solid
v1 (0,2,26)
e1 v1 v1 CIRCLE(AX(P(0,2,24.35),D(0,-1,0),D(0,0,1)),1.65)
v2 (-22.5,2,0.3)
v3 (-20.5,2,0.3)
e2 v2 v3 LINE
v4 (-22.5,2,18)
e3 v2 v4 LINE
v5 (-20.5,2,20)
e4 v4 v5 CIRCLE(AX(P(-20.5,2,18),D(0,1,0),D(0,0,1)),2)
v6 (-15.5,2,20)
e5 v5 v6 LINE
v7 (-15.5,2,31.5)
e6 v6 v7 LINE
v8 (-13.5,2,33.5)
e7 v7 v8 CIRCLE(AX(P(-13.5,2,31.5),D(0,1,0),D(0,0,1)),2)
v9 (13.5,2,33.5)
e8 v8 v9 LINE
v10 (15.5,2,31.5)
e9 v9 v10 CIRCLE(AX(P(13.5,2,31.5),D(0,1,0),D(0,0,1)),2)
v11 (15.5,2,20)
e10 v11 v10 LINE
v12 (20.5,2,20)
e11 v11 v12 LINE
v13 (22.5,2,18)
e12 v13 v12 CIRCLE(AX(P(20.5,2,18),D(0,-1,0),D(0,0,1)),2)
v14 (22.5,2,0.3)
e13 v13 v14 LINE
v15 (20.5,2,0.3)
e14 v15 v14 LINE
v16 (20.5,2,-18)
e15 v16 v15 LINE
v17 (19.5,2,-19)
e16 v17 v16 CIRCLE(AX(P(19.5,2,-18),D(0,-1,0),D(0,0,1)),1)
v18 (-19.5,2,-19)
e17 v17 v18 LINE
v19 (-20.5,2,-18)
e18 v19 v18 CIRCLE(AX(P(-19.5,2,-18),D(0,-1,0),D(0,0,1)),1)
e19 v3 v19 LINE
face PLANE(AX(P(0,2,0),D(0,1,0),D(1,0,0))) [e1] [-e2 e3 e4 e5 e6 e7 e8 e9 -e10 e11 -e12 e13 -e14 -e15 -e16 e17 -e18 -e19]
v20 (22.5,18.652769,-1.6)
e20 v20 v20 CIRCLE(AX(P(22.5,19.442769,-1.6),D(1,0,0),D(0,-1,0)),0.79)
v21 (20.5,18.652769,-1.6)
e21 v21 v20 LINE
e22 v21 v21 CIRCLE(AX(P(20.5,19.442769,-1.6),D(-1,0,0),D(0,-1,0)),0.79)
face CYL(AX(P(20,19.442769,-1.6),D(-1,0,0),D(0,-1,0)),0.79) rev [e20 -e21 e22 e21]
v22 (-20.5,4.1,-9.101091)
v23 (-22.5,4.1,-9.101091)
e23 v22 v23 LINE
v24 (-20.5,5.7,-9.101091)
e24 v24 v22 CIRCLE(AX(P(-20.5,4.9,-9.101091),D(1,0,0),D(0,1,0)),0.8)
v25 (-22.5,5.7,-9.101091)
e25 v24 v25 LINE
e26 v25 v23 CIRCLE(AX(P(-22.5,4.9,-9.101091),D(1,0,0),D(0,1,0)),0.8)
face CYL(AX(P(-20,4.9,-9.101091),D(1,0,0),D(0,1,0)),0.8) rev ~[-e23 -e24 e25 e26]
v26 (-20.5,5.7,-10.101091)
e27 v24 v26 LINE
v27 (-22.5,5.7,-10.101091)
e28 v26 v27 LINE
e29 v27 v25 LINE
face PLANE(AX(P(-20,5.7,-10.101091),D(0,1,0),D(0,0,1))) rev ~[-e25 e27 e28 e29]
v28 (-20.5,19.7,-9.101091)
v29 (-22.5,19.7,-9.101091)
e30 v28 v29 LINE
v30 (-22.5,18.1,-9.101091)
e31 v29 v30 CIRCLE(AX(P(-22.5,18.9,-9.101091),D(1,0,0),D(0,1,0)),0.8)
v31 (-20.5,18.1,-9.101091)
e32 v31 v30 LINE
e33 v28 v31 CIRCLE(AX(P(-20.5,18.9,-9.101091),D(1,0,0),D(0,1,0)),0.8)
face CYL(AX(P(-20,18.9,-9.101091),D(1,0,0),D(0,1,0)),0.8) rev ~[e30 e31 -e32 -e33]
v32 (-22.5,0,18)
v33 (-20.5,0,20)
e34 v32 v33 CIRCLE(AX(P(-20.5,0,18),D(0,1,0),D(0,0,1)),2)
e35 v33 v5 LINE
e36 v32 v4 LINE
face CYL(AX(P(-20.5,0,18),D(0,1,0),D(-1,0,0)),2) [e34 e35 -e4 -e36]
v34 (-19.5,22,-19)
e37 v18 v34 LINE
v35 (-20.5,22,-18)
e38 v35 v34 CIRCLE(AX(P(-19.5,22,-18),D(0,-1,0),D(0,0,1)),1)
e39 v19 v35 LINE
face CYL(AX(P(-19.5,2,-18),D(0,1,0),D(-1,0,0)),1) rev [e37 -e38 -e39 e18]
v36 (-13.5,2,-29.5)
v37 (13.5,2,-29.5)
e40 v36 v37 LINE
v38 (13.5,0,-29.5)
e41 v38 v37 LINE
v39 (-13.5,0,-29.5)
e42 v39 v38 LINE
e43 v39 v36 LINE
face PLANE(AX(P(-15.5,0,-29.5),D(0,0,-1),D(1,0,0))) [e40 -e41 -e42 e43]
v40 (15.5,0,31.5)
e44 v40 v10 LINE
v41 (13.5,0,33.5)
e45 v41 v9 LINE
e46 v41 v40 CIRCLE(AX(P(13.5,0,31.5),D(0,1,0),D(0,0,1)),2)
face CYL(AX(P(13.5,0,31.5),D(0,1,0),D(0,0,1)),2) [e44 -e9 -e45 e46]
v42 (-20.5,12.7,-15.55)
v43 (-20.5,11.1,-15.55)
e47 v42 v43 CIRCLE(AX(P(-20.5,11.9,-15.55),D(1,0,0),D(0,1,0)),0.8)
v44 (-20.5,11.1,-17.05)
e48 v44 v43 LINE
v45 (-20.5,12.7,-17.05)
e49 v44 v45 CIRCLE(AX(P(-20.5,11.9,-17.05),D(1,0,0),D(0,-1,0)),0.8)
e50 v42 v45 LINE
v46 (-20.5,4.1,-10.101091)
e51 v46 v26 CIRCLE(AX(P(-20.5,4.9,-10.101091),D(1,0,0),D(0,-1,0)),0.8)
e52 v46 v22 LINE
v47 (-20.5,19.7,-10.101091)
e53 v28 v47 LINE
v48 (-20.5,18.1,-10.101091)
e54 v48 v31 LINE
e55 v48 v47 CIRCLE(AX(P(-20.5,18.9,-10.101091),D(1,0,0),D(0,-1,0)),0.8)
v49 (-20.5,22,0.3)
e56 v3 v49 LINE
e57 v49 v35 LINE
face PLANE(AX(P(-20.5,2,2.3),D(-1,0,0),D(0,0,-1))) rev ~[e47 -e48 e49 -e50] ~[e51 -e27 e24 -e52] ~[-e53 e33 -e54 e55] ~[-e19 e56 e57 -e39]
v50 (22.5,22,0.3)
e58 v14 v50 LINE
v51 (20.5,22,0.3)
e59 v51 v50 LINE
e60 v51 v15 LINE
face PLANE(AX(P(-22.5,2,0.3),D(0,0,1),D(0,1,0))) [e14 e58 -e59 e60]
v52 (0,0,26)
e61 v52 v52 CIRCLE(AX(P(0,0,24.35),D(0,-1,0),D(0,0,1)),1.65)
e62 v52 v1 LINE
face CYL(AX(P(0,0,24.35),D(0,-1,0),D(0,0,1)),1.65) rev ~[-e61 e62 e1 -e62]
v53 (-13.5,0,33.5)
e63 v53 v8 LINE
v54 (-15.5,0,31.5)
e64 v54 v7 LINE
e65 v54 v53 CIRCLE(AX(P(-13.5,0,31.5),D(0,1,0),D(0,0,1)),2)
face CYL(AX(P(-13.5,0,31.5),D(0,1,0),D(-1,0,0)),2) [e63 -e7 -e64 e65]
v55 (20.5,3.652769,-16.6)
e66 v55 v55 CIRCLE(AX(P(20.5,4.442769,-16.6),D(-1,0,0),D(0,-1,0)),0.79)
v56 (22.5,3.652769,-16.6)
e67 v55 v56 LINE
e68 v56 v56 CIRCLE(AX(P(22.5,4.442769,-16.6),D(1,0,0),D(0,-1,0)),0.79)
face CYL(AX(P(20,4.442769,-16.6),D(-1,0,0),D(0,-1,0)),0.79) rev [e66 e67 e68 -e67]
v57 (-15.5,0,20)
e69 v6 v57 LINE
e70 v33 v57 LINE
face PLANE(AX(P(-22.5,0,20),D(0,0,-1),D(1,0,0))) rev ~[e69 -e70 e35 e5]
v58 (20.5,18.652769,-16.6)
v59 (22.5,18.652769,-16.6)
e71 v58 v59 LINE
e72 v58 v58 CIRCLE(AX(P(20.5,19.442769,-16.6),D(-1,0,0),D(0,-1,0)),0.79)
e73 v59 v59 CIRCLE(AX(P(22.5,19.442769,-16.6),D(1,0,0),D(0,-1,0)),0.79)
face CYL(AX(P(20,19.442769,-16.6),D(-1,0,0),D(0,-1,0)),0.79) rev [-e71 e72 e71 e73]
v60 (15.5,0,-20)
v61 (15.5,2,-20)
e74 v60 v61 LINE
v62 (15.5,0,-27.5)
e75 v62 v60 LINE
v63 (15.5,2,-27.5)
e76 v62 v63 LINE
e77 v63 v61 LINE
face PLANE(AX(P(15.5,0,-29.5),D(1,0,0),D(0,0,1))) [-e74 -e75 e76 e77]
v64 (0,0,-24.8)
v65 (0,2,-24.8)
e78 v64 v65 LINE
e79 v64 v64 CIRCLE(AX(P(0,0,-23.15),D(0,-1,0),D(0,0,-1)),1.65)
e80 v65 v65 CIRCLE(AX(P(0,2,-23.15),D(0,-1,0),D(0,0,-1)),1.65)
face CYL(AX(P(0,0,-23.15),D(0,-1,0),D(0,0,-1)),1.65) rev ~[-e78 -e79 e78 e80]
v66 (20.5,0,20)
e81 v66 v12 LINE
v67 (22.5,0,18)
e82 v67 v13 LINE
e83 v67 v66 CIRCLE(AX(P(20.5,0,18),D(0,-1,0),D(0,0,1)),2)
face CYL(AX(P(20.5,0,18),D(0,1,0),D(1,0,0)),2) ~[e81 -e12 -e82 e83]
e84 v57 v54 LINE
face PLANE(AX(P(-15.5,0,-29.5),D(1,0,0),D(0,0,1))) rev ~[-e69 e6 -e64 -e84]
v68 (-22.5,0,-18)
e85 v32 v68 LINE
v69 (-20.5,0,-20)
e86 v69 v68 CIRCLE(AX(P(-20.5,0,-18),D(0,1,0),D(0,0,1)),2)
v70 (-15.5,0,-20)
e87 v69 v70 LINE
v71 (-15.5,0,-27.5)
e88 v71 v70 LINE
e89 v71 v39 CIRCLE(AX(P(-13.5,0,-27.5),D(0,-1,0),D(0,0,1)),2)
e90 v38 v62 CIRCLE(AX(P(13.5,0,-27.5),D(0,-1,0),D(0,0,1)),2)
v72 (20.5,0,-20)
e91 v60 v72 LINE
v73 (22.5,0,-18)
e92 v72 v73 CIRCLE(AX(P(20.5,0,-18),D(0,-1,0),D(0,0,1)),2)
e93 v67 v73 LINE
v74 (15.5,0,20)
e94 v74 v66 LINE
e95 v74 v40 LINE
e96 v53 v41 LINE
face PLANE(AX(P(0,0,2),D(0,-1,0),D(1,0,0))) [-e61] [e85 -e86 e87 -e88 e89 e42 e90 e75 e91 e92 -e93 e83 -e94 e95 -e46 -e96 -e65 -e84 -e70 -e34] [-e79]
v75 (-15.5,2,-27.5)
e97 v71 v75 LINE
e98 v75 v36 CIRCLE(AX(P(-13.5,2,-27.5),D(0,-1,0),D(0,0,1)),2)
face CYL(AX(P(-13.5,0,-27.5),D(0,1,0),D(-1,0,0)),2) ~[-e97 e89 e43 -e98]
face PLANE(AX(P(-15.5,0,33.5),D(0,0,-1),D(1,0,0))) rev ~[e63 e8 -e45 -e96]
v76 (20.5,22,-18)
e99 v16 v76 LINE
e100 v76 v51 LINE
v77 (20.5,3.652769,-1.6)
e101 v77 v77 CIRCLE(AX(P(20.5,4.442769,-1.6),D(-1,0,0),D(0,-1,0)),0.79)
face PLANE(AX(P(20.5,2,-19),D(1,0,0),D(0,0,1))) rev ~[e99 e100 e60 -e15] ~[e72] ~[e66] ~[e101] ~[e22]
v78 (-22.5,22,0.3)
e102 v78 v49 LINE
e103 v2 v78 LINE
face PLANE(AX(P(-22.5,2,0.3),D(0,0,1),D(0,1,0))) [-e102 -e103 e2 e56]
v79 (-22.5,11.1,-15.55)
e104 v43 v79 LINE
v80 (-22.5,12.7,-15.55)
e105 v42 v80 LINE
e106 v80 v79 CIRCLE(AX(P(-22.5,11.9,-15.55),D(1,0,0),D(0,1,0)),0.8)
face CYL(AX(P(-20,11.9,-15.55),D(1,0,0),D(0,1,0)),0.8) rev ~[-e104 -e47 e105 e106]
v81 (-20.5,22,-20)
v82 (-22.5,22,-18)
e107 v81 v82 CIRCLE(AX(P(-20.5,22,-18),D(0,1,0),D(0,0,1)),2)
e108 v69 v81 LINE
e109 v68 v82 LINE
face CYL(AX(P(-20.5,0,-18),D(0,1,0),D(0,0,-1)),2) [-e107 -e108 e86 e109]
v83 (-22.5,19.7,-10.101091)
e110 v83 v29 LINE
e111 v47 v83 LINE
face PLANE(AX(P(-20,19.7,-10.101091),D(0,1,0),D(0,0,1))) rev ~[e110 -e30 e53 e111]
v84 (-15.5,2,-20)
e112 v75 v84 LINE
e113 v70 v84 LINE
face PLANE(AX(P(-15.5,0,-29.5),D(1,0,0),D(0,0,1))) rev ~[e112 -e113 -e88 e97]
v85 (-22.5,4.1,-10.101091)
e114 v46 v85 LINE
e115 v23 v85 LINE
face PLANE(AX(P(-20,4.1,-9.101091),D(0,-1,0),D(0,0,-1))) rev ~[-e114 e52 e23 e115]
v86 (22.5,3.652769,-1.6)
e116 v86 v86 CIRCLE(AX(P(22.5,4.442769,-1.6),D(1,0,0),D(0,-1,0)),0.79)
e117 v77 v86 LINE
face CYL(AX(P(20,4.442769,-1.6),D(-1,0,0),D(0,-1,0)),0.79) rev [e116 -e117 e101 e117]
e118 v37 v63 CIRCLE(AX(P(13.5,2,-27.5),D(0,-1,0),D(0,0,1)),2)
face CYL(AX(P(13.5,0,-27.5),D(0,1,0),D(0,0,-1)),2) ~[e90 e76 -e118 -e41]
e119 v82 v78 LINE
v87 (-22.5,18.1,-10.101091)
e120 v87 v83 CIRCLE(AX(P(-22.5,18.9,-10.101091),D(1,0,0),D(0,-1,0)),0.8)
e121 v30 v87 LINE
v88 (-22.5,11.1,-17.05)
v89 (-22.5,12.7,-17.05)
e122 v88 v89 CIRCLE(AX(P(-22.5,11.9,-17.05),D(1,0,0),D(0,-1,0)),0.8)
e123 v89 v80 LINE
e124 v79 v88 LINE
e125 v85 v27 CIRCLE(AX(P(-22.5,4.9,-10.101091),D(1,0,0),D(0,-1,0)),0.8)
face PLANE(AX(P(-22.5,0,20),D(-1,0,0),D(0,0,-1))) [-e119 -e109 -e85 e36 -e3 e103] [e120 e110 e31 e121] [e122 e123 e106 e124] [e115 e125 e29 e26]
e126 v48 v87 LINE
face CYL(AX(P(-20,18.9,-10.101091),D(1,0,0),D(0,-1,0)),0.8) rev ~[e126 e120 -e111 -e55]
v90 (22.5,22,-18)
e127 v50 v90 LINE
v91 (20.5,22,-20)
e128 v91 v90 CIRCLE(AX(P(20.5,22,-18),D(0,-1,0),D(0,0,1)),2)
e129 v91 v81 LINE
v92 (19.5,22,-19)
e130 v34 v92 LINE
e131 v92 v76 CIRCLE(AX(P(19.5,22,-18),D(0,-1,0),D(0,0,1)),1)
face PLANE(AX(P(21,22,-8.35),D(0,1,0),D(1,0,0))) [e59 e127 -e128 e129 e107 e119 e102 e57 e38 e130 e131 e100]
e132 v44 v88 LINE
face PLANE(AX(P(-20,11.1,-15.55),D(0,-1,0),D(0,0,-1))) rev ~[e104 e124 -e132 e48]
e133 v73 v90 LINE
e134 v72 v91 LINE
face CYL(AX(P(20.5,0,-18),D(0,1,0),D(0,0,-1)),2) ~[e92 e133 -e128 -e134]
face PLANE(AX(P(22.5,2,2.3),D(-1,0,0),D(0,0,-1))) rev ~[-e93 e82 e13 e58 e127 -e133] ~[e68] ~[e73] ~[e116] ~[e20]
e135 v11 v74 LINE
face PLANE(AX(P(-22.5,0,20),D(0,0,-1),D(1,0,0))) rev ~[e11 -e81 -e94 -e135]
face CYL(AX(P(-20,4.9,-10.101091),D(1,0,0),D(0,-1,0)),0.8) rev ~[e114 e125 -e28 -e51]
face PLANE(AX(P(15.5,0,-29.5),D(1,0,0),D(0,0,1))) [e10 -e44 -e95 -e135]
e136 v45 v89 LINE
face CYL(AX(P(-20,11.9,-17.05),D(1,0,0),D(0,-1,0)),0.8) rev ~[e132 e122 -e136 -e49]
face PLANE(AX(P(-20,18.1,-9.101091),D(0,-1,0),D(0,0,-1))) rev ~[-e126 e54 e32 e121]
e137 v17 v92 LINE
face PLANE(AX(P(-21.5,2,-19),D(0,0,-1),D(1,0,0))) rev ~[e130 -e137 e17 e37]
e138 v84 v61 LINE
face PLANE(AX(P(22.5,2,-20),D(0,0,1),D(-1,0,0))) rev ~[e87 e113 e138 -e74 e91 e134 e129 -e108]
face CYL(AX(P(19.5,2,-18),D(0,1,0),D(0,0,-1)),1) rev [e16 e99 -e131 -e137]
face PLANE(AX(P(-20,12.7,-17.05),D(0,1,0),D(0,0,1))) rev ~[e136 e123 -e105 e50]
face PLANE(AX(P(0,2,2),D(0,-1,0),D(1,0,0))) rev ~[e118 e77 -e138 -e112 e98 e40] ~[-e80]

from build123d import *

# Parameters (mm, degrees)
SKETCH_1_W          = 45
SKETCH_1_H          = 40
EXTRUDE_1_DEPTH     = 2
EXTRUDE_2_DEPTH     = 20
SKETCH_3_W          = 31
SKETCH_3_H          = 63
EXTRUDE_3_DEPTH     = 2
SKETCH_4_R          = 1.65
CUT_EXTRUDE_1_DEPTH = 2
FILLET_2_R          = 2
EXTRUDE_4_DEPTH     = 20
CUT_EXTRUDE_2_DEPTH = 2.5
CUT_EXTRUDE_5_REACH = 62.26
SKETCH_11_W         = 2
SKETCH_11_H         = 20
FILLET_5_R          = 1
CUT_EXTRUDE_6_DEPTH = 2.5


with BuildPart() as part:
    # 草图1 → 凸台-拉伸1 (new body)
    with BuildSketch(Plane(origin=(0, 0, 0), x_dir=(1, 0, 0), z_dir=(0, 1, 0))):
        Rectangle(SKETCH_1_W, SKETCH_1_H)
    extrude(amount=EXTRUDE_1_DEPTH)

    # 草图2 → 凸台-拉伸2 (add)
    with BuildSketch(Plane(origin=(0, 2, 0), x_dir=(1, 0, 0), z_dir=(0, 1, 0))):
        Polygon((21.5, -2.3), (22.5, -2.3), (22.5, 20), (-22.5, 20), (-22.5, -2.3), (-21.5, -2.3), (-21.5, 19), (21.5, 19), align=None)
    extrude(amount=EXTRUDE_2_DEPTH)

    # 草图3 → 凸台-拉伸3 (add)
    with BuildSketch(Plane.XZ):
        with Locations((0, 2)):
            Rectangle(SKETCH_3_W, SKETCH_3_H)
    extrude(amount=-EXTRUDE_3_DEPTH)

    # 草图4 → 切除-拉伸1 (cut)
    with BuildSketch(Plane.XZ):
        with Locations(Location((0, -23.15, 0), (0, 0, 270))):
            Circle(SKETCH_4_R)
        with Locations(Location((0, 24.35, 0), (0, 0, 90))):
            Circle(SKETCH_4_R)
    extrude(amount=-CUT_EXTRUDE_1_DEPTH, mode=Mode.SUBTRACT)

    # 圆角2
    fillet_2_edges = [part.edges().sort_by_distance(p)[0] for p in [
        (-15.5, 1, -29.5),
        (15.5, 1, 33.5),
        (-15.5, 1, 33.5),
        (15.5, 1, -29.5),
        (22.5, 1, 20),
        (-22.5, 1, 20),
        (-22.5, 11, -20),
        (22.5, 11, -20),
    ]]
    fillet(fillet_2_edges, radius=FILLET_2_R)

    # 草图7 → 凸台-拉伸4 (add)
    with BuildSketch(Plane(origin=(0, 2, 0), x_dir=(1, 0, 0), z_dir=(0, 1, 0))):
        Polygon((20.5, 18), (20.5, -2.3), (21.5, -2.3), (21.5, 19), (20.5, 19), align=None)
        Polygon((-21.5, 19), (-21.5, -2.3), (-20.5, -2.3), (-20.5, 18), (-20.5, 19), align=None)
    extrude(amount=EXTRUDE_4_DEPTH)

    # 草图8 → 切除-拉伸2 (cut)
    with BuildSketch(Plane(origin=(20, 1.9, 0.9), x_dir=(0, 1, 0), z_dir=(1, 0, 0))):
        with BuildLine():
            ThreePointArc((18.33276934, -17.5), (17.54276934, -16.71), (16.75276934, -17.5))
            ThreePointArc((16.75276934, -17.5), (17.54276934, -18.29), (18.33276934, -17.5))
        make_face()
        with BuildLine():
            ThreePointArc((3.33276934, -17.5), (2.54276934, -16.71), (1.75276934, -17.5))
            ThreePointArc((1.75276934, -17.5), (2.54276934, -18.29), (3.33276934, -17.5))
        make_face()
        with BuildLine():
            ThreePointArc((3.33276934, -2.5), (2.54276934, -1.71), (1.75276934, -2.5))
            ThreePointArc((1.75276934, -2.5), (2.54276934, -3.29), (3.33276934, -2.5))
        make_face()
        with BuildLine():
            ThreePointArc((18.33276934, -2.5), (17.54276934, -1.71), (16.75276934, -2.5))
            ThreePointArc((16.75276934, -2.5), (17.54276934, -3.29), (18.33276934, -2.5))
        make_face()
    extrude(amount=CUT_EXTRUDE_2_DEPTH, mode=Mode.SUBTRACT)

    # 切除-拉伸5: up to this face of the body (flat: up to its plane)
    cut_extrude_5_end = Plane(part.part.faces().sort_by_distance((22.5, 10.316412164, -6.626998027))[0])
    # 草图11 → 切除-拉伸5 (cut, up to the picked face)
    with BuildSketch(Plane.ZY.offset(22.5), mode=Mode.PRIVATE) as cut_extrude_5_sk1:
        with Locations((1.3, 12)):
            Rectangle(SKETCH_11_W, SKETCH_11_H)
    cut_extrude_5_tool1 = split(extrude(cut_extrude_5_sk1.sketch, amount=-CUT_EXTRUDE_5_REACH, mode=Mode.PRIVATE), bisect_by=cut_extrude_5_end, keep=Keep.BOTH, mode=Mode.PRIVATE)
    add(cut_extrude_5_tool1.solids().sort_by(Axis((-22.5, 12, 1.3), (1, 0, 0)))[0], mode=Mode.SUBTRACT)

    # 圆角5
    fillet_5_edges = [part.edges().sort_by_distance(p)[0] for p in [
        (20.5, 12, -19),
        (-20.5, 12, -19),
    ]]
    fillet(fillet_5_edges, radius=FILLET_5_R)

    # 草图12 → 切除-拉伸6 (cut)
    with BuildSketch(Plane(origin=(-20, 1.9, 0.9), x_dir=(0, -1, 0), z_dir=(-1, 0, 0))):
        with BuildLine():
            Line((-10.8, -17.95), (-10.8, -16.45))
            ThreePointArc((-10.8, -16.45), (-10, -15.65), (-9.2, -16.45))
            Line((-9.2, -16.45), (-9.2, -17.95))
            ThreePointArc((-9.2, -17.95), (-10, -18.75), (-10.8, -17.95))
        make_face()
        with BuildLine():
            Line((-3.8, -11.0010906), (-3.8, -10.0010906))
            ThreePointArc((-3.8, -10.0010906), (-3, -9.2010906), (-2.2, -10.0010906))
            Line((-2.2, -10.0010906), (-2.2, -11.0010906))
            ThreePointArc((-2.2, -11.0010906), (-3, -11.8010906), (-3.8, -11.0010906))
        make_face()
        with BuildLine():
            Line((-17.8, -11.0010906), (-17.8, -10.0010906))
            ThreePointArc((-17.8, -10.0010906), (-17, -9.2010906), (-16.2, -10.0010906))
            Line((-16.2, -10.0010906), (-16.2, -11.0010906))
            ThreePointArc((-16.2, -11.0010906), (-17, -11.8010906), (-17.8, -11.0010906))
        make_face()
    extrude(amount=CUT_EXTRUDE_6_DEPTH, mode=Mode.SUBTRACT)


solid = part.part
